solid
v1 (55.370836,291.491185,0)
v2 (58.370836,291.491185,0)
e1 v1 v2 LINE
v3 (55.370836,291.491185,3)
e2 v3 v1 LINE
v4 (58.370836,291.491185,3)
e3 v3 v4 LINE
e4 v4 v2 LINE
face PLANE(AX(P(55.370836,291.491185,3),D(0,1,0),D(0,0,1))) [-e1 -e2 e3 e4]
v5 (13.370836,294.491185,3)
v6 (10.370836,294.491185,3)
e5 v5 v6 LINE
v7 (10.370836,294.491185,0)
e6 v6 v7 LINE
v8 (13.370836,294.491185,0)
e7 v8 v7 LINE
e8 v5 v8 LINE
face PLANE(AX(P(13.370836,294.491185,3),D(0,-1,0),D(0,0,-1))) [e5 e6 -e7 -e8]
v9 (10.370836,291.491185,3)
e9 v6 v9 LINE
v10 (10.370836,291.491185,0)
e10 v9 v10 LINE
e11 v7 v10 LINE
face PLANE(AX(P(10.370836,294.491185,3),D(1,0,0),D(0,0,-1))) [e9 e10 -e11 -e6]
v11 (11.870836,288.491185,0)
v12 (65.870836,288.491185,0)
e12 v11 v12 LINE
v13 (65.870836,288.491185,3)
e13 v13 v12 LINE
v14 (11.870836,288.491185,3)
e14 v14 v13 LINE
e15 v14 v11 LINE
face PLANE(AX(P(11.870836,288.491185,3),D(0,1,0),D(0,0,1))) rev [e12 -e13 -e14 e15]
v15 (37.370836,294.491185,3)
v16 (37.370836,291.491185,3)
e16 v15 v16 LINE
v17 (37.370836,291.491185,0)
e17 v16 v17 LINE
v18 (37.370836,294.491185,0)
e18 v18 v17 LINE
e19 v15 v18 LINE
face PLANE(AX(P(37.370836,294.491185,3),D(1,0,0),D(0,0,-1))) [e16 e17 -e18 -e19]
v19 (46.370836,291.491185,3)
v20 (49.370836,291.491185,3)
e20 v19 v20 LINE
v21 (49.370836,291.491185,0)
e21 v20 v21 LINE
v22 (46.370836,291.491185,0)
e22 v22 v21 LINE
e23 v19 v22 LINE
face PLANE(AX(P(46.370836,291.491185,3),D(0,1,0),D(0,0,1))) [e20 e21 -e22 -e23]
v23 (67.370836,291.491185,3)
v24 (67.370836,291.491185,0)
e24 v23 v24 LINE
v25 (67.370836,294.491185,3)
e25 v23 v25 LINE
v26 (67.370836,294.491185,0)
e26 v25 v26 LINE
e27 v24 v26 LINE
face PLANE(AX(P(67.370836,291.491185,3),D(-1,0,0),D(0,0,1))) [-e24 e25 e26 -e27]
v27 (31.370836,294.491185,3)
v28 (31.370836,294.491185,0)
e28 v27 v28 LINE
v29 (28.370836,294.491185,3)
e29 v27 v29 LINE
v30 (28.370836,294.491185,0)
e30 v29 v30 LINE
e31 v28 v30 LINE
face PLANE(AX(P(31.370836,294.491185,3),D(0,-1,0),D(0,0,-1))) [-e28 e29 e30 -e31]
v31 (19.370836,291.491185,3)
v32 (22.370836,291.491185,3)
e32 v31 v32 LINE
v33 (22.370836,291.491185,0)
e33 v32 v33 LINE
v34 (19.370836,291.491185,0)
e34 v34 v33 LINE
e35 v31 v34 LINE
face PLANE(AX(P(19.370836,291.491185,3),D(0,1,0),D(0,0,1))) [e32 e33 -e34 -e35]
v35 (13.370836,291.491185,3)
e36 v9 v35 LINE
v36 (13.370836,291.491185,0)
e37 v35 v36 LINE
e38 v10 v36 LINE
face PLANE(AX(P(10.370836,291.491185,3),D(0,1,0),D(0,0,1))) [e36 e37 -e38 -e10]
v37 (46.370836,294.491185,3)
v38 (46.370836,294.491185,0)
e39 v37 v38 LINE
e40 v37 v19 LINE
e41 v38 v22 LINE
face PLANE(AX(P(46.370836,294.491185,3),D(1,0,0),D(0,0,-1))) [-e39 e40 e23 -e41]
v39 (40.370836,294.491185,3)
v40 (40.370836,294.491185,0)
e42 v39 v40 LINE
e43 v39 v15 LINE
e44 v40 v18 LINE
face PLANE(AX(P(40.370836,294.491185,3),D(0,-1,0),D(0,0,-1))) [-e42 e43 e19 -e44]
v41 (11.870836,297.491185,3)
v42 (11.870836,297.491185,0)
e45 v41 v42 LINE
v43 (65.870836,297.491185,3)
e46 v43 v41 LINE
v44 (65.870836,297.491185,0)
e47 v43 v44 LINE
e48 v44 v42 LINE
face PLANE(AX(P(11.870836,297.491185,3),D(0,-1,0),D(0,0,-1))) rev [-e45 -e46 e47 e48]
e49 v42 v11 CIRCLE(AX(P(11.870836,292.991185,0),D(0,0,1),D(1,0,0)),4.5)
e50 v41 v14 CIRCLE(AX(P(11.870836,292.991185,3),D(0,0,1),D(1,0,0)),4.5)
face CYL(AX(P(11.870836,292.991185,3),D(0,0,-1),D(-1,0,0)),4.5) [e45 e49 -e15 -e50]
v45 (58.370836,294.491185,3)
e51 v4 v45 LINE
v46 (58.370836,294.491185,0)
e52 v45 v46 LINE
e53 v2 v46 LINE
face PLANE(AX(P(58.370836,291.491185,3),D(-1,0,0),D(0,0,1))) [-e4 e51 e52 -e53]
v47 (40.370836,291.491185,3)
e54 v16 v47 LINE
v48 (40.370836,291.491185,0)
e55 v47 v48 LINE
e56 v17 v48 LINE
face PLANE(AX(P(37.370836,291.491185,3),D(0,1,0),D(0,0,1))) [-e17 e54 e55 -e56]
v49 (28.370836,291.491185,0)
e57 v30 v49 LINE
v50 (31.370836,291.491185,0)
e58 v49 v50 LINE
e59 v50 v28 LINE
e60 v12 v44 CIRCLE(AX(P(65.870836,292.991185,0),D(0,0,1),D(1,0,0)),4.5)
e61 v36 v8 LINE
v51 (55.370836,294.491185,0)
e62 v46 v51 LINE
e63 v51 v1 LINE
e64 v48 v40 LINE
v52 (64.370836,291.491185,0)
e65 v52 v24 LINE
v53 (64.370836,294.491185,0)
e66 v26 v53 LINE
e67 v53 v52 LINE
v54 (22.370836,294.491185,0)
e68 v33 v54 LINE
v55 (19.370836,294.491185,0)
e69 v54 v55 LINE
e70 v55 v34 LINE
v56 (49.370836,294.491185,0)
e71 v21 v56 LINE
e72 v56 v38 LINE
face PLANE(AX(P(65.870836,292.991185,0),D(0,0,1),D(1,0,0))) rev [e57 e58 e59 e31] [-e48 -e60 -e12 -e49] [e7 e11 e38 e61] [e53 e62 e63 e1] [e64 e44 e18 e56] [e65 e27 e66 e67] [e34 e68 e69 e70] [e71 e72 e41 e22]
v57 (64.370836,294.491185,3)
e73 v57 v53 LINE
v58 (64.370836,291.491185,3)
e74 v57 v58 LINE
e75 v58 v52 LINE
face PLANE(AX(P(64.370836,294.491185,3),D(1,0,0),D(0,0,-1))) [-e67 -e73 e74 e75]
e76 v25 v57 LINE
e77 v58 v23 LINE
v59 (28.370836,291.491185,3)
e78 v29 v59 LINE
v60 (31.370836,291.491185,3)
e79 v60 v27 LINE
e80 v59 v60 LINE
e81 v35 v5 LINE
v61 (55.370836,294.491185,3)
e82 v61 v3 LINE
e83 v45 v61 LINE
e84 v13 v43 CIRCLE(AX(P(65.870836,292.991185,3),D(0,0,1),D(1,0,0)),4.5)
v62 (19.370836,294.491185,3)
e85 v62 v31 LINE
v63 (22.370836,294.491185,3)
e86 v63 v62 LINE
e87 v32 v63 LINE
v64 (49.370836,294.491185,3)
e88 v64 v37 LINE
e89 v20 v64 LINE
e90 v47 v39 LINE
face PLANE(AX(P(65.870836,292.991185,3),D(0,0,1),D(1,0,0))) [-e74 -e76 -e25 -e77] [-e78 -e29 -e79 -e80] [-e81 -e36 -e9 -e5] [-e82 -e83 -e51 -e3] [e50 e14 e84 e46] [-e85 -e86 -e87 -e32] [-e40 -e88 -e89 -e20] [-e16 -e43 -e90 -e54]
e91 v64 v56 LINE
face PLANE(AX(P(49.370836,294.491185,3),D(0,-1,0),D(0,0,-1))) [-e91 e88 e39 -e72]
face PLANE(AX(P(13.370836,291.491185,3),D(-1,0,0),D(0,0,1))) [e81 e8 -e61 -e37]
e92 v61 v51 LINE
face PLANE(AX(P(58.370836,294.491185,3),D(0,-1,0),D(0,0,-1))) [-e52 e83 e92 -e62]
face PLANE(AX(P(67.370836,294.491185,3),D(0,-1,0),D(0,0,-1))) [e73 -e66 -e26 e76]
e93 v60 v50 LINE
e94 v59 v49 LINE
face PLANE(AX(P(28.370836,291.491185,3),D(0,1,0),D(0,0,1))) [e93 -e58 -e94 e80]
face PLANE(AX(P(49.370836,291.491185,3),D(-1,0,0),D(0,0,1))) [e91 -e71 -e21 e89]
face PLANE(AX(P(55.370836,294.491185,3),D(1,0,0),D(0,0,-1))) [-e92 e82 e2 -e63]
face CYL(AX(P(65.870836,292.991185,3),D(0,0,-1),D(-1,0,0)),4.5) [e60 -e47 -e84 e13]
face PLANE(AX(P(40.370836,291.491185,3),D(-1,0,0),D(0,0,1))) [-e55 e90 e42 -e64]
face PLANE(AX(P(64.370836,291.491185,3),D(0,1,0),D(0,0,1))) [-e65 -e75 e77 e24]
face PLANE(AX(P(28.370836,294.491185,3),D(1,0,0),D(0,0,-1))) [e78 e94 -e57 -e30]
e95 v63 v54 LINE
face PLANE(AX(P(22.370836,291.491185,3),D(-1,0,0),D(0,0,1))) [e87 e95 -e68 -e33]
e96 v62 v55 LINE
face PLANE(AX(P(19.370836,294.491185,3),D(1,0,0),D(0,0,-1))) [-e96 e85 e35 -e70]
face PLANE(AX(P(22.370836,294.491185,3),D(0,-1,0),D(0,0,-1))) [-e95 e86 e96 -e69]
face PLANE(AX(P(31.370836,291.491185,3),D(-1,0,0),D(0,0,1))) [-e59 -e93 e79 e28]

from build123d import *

# Parameters (mm, degrees)
MODEL_W                 = 3
MODEL_H                 = 3
SALIENTE_EXTRUIR1_DEPTH = 3


with BuildPart() as part:
    # Model → Saliente-Extruir1 (new body)
    with BuildSketch(Plane.XY):
        with BuildLine():
            Line((11.870836217, 297.491184957), (65.870836217, 297.491184957))
            ThreePointArc((65.870836217, 297.491184957), (70.370836217, 292.991184957), (65.870836217, 288.491184957))
            Line((65.870836217, 288.491184957), (11.870836217, 288.491184957))
            ThreePointArc((11.870836217, 288.491184957), (7.370836217, 292.991184957), (11.870836217, 297.491184957))
        make_face()
        with Locations((11.870836217, 292.991184957)):
            Rectangle(MODEL_W, MODEL_H, mode=Mode.SUBTRACT)
        with Locations((20.870836217, 292.991184957)):
            Rectangle(MODEL_W, MODEL_H, mode=Mode.SUBTRACT)
        with Locations((29.870836217, 292.991184957)):
            Rectangle(MODEL_W, MODEL_H, mode=Mode.SUBTRACT)
        with Locations((38.870836217, 292.991184957)):
            Rectangle(MODEL_W, MODEL_H, mode=Mode.SUBTRACT)
        with Locations((47.870836217, 292.991184957)):
            Rectangle(MODEL_W, MODEL_H, mode=Mode.SUBTRACT)
        with Locations((56.870836217, 292.991184957)):
            Rectangle(MODEL_W, MODEL_H, mode=Mode.SUBTRACT)
        with Locations((65.870836217, 292.991184957)):
            Rectangle(MODEL_W, MODEL_H, mode=Mode.SUBTRACT)
    extrude(amount=SALIENTE_EXTRUIR1_DEPTH)


solid = part.part
